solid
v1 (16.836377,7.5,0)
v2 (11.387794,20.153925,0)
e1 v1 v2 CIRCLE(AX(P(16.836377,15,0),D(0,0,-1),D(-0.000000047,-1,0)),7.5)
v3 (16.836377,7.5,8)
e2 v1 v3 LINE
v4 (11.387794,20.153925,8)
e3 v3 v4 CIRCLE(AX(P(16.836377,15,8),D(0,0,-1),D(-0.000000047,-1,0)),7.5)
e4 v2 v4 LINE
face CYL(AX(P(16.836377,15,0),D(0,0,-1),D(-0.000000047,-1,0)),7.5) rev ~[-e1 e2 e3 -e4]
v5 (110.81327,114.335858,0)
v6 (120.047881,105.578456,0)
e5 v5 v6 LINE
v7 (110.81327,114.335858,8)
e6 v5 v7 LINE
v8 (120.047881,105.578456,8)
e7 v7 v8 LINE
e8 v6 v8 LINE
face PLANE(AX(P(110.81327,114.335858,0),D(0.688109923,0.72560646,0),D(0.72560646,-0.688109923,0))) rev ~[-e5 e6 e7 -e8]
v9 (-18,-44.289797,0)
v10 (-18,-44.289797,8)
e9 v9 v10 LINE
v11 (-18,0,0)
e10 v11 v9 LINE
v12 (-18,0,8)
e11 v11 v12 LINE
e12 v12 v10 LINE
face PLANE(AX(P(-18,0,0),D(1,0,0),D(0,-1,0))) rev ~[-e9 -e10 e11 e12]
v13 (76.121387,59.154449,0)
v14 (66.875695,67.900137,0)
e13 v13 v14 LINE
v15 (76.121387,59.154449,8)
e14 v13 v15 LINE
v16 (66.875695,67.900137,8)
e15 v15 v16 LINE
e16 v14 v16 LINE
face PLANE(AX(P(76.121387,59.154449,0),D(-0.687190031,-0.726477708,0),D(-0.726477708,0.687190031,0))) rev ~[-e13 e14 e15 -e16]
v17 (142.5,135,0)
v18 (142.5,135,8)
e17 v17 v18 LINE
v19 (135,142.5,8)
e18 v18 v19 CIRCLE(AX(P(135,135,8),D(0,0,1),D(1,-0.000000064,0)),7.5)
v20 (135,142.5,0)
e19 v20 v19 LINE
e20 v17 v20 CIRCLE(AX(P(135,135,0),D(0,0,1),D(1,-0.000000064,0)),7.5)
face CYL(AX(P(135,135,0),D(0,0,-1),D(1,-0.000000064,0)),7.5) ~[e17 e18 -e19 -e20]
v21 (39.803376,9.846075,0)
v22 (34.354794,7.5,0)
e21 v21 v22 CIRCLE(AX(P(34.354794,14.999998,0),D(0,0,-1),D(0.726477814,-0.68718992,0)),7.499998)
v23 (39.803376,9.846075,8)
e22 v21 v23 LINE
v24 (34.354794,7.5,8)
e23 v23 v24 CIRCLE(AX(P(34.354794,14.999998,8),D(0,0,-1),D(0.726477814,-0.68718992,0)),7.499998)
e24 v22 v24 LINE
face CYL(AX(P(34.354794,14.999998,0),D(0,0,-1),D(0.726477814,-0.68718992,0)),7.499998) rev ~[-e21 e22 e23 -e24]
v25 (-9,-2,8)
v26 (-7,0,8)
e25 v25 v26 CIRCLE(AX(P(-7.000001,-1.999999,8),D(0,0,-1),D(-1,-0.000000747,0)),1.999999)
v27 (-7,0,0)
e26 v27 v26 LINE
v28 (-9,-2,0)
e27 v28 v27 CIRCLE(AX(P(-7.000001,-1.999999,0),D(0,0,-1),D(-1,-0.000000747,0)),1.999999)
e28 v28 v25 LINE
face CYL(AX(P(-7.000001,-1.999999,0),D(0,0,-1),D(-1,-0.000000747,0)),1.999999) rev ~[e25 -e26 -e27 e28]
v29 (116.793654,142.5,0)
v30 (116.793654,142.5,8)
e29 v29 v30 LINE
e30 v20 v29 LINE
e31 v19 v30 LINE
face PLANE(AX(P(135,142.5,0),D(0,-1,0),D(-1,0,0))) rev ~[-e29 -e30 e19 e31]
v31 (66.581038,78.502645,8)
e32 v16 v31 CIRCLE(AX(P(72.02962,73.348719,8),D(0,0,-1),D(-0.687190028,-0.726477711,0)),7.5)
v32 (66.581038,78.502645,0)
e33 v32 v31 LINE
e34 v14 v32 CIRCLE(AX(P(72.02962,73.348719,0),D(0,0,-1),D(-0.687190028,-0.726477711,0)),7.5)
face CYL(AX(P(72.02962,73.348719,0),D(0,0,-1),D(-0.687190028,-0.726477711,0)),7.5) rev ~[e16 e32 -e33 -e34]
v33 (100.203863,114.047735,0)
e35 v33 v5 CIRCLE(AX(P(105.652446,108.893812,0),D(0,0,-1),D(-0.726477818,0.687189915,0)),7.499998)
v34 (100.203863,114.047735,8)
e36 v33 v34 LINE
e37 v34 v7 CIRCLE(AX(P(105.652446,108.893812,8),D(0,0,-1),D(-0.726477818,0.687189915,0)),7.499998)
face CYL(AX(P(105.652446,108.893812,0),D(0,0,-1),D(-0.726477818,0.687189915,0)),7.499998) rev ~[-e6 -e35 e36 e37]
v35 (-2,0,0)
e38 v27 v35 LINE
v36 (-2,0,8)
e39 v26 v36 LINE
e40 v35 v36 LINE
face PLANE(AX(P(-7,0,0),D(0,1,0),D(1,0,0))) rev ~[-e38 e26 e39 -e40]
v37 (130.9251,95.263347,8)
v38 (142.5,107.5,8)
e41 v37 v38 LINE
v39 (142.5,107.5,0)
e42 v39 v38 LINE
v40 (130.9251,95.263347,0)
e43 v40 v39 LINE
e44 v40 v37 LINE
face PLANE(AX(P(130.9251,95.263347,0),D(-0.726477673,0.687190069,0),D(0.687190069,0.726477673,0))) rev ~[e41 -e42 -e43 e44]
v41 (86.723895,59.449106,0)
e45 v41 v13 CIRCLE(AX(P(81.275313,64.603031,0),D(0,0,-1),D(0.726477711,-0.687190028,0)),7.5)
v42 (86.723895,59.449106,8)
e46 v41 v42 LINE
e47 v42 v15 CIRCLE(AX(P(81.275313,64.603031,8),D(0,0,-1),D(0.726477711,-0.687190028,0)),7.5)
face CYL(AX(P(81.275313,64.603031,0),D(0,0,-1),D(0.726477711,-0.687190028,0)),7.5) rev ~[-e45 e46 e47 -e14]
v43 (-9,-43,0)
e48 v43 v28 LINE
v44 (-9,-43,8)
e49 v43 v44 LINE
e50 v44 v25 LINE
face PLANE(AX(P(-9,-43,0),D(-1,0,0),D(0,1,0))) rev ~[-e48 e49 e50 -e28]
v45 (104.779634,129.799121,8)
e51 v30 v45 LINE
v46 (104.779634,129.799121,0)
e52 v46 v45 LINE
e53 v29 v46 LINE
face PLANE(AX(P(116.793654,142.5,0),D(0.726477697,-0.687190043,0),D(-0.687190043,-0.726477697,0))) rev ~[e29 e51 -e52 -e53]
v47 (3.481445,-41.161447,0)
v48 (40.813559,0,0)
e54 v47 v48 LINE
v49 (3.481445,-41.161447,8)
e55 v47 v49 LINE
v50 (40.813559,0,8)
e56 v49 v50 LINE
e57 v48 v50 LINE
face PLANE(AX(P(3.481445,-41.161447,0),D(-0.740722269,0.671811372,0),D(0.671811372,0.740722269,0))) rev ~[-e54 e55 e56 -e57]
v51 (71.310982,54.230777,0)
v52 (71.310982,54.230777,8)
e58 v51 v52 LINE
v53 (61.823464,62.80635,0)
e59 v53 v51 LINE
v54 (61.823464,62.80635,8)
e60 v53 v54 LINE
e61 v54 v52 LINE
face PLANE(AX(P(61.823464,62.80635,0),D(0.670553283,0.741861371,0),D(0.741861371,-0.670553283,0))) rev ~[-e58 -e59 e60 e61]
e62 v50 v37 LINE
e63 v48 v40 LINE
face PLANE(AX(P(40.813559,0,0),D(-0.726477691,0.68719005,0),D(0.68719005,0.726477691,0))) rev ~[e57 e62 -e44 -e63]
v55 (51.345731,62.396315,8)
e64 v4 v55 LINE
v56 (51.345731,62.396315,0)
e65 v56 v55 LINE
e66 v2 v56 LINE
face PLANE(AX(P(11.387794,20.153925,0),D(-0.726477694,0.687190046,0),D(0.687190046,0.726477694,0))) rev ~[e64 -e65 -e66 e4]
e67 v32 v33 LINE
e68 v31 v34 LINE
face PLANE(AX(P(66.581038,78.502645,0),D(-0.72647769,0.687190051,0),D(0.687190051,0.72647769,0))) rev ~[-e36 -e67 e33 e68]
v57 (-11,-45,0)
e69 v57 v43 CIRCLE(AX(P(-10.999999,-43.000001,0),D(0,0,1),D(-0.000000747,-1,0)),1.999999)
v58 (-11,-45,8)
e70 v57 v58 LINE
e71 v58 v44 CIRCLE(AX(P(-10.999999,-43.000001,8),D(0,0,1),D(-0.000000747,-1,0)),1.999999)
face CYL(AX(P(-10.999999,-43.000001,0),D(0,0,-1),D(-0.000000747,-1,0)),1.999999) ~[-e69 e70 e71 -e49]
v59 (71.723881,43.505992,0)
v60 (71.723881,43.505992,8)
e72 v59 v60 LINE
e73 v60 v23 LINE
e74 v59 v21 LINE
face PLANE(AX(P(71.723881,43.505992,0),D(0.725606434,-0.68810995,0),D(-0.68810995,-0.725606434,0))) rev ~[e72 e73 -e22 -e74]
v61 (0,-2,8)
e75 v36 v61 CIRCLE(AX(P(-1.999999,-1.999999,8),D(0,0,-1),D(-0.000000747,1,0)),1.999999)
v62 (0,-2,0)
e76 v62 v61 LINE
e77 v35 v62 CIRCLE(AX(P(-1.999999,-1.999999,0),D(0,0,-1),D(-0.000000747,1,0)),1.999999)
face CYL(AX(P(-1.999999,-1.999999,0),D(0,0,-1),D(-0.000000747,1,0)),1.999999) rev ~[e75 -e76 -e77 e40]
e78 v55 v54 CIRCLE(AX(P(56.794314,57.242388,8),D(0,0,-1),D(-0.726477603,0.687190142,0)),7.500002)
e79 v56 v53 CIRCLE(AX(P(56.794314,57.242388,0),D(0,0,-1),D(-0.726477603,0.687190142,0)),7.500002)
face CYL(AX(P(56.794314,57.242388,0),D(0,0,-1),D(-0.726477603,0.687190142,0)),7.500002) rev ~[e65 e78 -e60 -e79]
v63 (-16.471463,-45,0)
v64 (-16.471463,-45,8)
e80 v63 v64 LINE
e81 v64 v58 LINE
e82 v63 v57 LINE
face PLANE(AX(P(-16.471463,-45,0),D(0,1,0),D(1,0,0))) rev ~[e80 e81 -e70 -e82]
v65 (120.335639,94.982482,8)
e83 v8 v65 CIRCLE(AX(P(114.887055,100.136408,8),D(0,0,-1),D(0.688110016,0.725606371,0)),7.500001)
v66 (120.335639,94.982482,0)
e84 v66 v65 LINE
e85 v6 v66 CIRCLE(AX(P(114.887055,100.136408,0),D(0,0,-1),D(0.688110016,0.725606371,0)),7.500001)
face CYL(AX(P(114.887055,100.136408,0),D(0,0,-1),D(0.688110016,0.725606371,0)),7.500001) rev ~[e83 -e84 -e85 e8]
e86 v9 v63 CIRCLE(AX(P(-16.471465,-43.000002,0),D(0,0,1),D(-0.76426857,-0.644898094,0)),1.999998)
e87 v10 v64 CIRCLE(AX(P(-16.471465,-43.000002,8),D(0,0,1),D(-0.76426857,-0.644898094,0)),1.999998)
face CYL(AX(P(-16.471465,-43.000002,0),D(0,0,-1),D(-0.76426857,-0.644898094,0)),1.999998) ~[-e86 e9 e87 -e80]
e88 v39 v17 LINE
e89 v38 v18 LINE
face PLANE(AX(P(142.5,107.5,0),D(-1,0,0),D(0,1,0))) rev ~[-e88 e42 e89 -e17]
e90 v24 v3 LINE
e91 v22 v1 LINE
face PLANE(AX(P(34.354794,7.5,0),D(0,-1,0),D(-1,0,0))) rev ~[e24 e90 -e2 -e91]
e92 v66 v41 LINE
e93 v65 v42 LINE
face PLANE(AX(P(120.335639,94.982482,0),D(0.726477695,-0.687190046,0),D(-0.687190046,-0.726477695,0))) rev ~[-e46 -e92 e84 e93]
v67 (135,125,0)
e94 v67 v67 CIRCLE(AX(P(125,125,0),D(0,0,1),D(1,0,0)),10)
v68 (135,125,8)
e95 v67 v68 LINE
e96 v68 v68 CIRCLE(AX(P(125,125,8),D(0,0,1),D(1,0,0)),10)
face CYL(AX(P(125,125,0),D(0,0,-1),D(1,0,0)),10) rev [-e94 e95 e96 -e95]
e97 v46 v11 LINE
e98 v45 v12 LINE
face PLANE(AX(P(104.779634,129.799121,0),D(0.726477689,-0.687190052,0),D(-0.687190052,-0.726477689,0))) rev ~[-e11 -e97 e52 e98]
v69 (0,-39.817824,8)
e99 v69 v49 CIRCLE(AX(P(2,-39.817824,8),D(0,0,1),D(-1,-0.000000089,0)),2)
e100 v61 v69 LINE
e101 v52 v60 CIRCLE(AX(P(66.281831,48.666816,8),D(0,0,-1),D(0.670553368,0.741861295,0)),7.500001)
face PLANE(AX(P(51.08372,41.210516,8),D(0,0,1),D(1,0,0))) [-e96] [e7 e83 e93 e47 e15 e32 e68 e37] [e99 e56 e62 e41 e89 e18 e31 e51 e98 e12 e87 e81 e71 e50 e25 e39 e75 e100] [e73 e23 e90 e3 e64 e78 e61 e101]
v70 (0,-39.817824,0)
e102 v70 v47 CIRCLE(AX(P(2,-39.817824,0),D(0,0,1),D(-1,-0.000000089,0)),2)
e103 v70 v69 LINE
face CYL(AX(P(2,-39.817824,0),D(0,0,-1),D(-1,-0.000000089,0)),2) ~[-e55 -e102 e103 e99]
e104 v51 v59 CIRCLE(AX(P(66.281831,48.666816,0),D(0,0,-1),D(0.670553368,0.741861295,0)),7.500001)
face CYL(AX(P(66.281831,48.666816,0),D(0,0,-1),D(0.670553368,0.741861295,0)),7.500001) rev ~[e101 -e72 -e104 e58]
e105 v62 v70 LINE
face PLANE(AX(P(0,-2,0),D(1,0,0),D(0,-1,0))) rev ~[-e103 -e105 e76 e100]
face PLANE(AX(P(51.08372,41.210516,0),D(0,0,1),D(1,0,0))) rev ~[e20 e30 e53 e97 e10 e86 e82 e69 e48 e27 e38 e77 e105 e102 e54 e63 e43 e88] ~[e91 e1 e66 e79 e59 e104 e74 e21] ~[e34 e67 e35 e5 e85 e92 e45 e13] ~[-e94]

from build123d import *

# Parameters (mm, degrees)
F0_R     = 10
F1_DEPTH = 8


with BuildPart() as f1:
    # F0 (on Top) → F1 (new body)
    with BuildSketch(Plane.XY):
        with BuildLine():
            ThreePointArc((-2, 0), (-0.585786, -0.585786), (0, -2))
            Line((0, -2), (0, -39.817824))
            ThreePointArc((0, -39.817824), (1.279892, -41.683687), (3.481445, -41.161447))
            Line((3.481445, -41.161447), (40.813559, 0))
            Line((40.813559, 0), (130.9251, 95.263347))
            Line((130.9251, 95.263347), (142.5, 107.5))
            Line((142.5, 107.5), (142.5, 125))
            Line((142.5, 125), (142.5, 135))
            ThreePointArc((142.5, 135), (140.303301, 140.303301), (135, 142.5))
            Line((135, 142.5), (116.793654, 142.5))
            Line((116.793654, 142.5), (104.779634, 129.799121))
            Line((104.779634, 129.799121), (-18, 0))
            Line((-18, 0), (-18, -44.289797))
            ThreePointArc((-18, -44.289797), (-17.314199, -44.81378), (-16.471463, -45))
            Line((-16.471463, -45), (-11, -45))
            ThreePointArc((-11, -45), (-9.585786, -44.414214), (-9, -43))
            Line((-9, -43), (-9, -2))
            ThreePointArc((-9, -2), (-8.414214, -0.585786), (-7, 0))
            Line((-7, 0), (-2, 0))
        make_face()
        with BuildLine():
            Line((34.354794, 7.5), (16.836377, 7.5))
            ThreePointArc((16.836377, 7.5), (9.94782, 12.033895), (11.387794, 20.153925))
            Line((11.387794, 20.153925), (51.345731, 62.396315))
            ThreePointArc((51.345731, 62.396315), (56.501034, 64.736653), (61.823464, 62.80635))
            Line((61.823464, 62.80635), (71.310982, 54.230777))
            ThreePointArc((71.310982, 54.230777), (73.77628, 48.955349), (71.723881, 43.505992))
            Line((71.723881, 43.505992), (39.803376, 9.846075))
            ThreePointArc((39.803376, 9.846075), (37.320899, 8.111443), (34.354794, 7.5))
        make_face(mode=Mode.SUBTRACT)
        with BuildLine():
            ThreePointArc((120.047881, 105.578456), (122.384292, 100.340012), (120.335639, 94.982482))
            Line((120.335639, 94.982482), (86.723895, 59.449106))
            ThreePointArc((86.723895, 59.449106), (81.483666, 57.105926), (76.121387, 59.154449))
            Line((76.121387, 59.154449), (66.875695, 67.900137))
            ThreePointArc((66.875695, 67.900137), (64.532515, 73.140366), (66.581038, 78.502645))
            Line((66.581038, 78.502645), (100.203863, 114.047735))
            ThreePointArc((100.203863, 114.047735), (105.448841, 116.391046), (110.81327, 114.335858))
            Line((110.81327, 114.335858), (120.047881, 105.578456))
        make_face(mode=Mode.SUBTRACT)
        with Locations((125, 125)):
            Circle(F0_R, mode=Mode.SUBTRACT)
    extrude(amount=F1_DEPTH)


solid = f1.part
